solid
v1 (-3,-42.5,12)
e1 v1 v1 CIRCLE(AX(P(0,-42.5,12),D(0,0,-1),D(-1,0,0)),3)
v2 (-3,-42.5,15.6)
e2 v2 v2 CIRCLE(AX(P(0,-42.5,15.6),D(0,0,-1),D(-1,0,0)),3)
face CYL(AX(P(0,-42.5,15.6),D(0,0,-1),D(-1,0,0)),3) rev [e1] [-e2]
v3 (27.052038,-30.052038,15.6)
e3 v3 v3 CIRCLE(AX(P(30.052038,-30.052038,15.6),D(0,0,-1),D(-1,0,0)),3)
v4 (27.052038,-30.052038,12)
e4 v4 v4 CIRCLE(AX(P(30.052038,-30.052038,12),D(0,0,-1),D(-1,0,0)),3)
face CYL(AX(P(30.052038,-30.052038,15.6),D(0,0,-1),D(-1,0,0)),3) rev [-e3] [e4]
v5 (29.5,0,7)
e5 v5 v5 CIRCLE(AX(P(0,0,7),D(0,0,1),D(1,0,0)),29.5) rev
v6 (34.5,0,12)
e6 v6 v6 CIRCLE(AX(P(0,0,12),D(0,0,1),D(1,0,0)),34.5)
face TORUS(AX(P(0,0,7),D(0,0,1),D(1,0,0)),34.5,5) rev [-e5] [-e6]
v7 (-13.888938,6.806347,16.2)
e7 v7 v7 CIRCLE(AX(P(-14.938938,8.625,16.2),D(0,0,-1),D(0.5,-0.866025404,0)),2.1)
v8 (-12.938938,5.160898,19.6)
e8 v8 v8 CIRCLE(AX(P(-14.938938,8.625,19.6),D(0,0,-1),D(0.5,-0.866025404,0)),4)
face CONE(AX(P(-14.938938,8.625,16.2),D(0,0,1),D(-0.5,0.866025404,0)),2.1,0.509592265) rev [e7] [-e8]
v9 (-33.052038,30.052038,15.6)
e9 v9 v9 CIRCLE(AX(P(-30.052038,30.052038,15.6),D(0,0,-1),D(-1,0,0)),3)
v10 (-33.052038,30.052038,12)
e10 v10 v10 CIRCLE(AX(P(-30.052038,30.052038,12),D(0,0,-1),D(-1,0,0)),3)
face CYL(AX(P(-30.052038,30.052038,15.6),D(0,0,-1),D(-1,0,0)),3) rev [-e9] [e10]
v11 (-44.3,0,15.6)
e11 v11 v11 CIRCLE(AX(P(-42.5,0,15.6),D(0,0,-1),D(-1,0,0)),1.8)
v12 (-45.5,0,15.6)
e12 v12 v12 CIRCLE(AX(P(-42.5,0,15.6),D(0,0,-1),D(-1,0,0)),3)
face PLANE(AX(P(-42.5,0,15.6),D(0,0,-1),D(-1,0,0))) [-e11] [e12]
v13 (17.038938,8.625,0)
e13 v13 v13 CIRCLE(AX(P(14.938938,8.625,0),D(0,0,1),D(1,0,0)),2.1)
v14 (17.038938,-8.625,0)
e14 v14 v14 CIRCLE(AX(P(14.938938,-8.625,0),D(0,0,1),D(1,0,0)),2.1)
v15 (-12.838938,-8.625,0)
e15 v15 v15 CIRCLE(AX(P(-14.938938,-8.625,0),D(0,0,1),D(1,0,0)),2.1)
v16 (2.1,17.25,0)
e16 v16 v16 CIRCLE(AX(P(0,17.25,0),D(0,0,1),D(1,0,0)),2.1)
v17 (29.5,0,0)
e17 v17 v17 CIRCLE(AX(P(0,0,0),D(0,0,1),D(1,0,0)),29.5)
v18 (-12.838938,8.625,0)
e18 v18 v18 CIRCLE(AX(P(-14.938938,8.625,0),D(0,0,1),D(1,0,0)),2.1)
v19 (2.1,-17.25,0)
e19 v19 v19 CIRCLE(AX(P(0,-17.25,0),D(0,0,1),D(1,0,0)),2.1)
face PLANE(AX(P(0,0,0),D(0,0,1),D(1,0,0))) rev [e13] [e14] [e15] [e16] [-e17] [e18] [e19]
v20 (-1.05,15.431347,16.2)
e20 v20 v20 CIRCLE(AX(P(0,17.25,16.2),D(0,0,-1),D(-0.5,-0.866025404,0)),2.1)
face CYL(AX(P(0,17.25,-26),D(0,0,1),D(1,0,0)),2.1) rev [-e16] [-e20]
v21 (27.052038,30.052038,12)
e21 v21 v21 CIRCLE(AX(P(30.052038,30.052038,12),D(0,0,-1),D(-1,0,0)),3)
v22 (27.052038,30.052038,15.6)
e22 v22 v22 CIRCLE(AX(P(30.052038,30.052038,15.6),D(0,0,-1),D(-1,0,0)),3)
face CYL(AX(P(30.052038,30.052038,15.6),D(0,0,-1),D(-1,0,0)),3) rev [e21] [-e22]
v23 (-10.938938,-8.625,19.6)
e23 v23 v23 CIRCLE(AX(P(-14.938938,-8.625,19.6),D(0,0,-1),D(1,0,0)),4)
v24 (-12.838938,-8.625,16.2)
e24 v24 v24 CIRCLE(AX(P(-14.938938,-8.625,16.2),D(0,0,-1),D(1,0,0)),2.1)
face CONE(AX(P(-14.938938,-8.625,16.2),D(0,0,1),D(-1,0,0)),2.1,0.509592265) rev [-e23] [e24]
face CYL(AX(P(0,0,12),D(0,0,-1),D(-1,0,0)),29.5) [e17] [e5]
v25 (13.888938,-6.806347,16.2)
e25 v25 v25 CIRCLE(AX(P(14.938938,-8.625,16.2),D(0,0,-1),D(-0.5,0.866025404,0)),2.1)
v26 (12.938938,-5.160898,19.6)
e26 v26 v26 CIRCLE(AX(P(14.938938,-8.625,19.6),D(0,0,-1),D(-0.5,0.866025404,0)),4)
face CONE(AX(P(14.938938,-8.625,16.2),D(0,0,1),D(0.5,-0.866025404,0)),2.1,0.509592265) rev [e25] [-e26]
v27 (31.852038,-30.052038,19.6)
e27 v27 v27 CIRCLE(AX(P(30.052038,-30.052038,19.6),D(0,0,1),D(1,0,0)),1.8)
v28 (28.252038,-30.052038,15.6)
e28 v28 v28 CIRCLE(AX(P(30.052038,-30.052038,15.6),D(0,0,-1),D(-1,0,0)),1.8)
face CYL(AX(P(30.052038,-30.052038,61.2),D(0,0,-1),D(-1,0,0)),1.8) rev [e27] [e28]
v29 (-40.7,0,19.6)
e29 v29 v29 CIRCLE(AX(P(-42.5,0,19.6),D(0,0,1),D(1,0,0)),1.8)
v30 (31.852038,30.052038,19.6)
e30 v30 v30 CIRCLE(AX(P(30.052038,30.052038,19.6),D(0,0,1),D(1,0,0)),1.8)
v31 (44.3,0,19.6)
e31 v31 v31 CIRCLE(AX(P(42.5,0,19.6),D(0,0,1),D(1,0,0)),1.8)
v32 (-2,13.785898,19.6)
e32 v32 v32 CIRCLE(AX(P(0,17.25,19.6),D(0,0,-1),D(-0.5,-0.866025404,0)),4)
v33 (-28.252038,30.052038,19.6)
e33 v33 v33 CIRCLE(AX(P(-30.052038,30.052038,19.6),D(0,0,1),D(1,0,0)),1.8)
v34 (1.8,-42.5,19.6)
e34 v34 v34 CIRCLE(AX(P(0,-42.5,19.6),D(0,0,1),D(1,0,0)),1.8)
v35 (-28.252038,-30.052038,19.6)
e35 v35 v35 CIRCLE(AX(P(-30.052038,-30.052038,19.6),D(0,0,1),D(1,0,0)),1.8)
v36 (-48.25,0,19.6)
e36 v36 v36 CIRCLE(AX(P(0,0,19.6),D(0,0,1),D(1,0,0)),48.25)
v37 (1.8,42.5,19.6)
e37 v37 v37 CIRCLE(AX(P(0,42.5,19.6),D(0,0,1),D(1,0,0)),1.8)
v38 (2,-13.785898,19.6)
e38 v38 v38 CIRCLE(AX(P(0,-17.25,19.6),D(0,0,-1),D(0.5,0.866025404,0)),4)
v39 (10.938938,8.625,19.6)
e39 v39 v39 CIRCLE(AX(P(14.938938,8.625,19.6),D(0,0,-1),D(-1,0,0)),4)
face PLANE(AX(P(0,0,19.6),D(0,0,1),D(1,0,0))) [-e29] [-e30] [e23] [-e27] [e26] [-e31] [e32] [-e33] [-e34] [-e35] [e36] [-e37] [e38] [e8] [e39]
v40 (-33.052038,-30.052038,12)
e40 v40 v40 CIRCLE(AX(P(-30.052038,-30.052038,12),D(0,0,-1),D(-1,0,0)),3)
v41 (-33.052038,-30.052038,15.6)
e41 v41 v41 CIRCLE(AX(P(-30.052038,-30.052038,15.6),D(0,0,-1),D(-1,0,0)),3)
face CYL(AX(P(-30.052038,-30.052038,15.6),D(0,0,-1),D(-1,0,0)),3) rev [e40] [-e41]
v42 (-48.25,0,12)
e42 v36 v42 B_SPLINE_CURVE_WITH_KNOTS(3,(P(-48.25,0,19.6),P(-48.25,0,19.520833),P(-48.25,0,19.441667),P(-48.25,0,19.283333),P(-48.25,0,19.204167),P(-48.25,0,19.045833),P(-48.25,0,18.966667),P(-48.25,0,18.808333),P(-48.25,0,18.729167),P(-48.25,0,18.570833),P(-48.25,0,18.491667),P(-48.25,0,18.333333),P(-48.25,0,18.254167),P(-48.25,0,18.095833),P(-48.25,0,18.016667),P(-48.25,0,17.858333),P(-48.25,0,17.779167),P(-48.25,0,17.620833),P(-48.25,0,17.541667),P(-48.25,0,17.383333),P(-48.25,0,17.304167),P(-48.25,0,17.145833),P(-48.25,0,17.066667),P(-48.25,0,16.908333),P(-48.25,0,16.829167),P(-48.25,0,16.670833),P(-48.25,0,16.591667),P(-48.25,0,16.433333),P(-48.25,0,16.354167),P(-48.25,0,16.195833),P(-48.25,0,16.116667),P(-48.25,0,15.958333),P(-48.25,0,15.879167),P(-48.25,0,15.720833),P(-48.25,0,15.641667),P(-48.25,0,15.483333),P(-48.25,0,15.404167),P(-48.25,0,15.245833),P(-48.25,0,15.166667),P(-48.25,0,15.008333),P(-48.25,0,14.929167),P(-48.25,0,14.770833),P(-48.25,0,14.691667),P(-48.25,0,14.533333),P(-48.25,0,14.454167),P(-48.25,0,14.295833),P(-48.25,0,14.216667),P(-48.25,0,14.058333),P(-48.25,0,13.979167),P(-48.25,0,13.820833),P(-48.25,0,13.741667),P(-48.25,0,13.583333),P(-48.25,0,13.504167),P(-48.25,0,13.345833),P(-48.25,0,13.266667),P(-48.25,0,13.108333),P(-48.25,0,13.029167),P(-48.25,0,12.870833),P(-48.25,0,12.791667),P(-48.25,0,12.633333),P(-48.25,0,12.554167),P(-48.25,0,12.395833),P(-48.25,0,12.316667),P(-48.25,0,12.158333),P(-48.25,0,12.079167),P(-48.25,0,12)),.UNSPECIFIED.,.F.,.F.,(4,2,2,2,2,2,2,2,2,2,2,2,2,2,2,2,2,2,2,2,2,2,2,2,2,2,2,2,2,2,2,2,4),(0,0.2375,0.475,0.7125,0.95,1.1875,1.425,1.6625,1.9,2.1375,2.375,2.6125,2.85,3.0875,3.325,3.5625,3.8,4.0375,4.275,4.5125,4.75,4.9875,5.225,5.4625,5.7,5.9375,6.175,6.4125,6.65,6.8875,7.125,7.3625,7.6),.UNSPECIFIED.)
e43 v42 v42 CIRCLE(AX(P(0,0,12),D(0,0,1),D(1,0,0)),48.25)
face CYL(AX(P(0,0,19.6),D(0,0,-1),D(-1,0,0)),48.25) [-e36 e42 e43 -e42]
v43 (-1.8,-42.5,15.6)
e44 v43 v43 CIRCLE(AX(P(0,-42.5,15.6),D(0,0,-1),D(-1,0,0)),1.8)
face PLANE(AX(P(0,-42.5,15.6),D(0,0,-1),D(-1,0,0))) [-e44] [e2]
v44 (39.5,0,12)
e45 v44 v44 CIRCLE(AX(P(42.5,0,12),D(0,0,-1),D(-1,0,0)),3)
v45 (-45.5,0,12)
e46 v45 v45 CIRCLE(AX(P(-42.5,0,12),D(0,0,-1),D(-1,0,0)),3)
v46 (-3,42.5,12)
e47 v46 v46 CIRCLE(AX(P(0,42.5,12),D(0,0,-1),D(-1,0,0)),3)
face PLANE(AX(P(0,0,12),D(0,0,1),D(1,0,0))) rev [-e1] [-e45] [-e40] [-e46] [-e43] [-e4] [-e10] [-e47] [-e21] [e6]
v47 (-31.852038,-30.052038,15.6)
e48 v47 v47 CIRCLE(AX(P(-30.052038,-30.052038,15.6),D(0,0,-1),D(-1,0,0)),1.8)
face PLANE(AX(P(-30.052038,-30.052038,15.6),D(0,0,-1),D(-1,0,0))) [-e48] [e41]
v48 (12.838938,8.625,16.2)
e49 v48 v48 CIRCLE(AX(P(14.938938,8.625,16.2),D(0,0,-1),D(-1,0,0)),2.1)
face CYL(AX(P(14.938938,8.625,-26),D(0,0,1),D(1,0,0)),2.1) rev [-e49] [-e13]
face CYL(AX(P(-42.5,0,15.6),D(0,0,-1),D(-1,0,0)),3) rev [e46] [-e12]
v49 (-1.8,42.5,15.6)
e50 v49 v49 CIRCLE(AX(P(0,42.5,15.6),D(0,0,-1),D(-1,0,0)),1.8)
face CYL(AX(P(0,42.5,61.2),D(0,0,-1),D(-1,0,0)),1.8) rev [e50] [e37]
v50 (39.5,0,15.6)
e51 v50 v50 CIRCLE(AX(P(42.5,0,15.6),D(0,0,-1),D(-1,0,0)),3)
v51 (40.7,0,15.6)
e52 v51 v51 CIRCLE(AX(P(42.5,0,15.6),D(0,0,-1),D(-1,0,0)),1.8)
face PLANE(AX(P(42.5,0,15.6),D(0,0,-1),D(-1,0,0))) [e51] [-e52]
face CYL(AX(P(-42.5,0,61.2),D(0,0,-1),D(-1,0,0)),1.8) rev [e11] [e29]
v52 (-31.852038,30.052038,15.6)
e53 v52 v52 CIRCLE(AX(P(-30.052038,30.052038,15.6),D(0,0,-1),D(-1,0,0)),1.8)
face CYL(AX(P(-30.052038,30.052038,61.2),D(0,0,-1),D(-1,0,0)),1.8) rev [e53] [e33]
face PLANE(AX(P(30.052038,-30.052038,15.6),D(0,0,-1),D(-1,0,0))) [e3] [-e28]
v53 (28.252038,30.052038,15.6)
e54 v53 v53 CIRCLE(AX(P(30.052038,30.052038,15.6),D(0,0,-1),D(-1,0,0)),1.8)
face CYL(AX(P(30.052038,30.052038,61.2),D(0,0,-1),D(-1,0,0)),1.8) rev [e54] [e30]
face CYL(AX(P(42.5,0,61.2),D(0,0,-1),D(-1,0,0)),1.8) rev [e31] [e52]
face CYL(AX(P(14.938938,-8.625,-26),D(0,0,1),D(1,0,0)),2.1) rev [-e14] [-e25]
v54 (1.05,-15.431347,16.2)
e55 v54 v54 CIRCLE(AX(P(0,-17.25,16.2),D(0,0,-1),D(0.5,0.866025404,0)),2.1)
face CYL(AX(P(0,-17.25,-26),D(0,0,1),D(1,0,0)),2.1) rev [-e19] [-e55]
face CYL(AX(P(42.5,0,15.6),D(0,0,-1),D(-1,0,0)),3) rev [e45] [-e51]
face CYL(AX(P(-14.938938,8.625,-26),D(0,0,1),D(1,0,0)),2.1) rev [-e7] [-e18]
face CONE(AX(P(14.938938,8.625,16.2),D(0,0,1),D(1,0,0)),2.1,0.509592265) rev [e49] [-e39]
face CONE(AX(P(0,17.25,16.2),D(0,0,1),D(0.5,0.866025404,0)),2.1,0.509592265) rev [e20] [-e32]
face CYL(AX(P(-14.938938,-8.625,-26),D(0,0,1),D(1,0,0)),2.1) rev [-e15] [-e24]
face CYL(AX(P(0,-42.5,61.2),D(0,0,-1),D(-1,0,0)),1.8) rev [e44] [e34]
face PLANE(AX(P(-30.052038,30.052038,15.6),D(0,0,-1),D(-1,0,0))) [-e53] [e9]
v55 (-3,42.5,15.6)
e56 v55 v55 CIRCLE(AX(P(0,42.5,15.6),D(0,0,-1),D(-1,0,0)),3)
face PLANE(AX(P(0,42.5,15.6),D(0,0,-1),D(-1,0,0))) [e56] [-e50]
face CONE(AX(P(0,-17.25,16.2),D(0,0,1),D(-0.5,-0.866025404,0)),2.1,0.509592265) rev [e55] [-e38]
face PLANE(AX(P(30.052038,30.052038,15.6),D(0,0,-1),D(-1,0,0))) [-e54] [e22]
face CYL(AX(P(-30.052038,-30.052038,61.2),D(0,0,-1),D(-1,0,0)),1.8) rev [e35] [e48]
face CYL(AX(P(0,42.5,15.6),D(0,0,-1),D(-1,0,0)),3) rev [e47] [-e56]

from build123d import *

# Parameters (mm, degrees)
SKETCH_1_R               = 29.5
EXTRUDE_1_DEPTH          = 12
SKETCH_2_R               = 48.25
EXTRUDE_2_DEPTH          = 7.6
FILLET_1_R               = 5
SKETCH_4_R               = 3
CUT_EXTRUDE_1_DEPTH      = 3.6
SKETCH_5_R               = 2.1
CUT_EXTRUDE_2_DEPTH      = 45.6
PATTERN_CIRCULAR_1_COUNT = 6
SKETCH_7_R               = 1.8
CUT_EXTRUDE_3_DEPTH      = 45.6


with BuildPart() as part:
    # 草图1 → 凸台-拉伸1 (new body)
    with BuildSketch(Plane.XY):
        Circle(SKETCH_1_R)
    extrude(amount=EXTRUDE_1_DEPTH)

    # 草图2 → 凸台-拉伸2 (add)
    with BuildSketch(Plane.XY.offset(12)):
        Circle(SKETCH_2_R)
    extrude(amount=EXTRUDE_2_DEPTH)

    # 圆角1
    fillet_1_edges = [part.edges().sort_by_distance(p)[0] for p in [
        (-29.5, 0, 12),
    ]]
    fillet(fillet_1_edges, radius=FILLET_1_R)

    # 草图4 → 切除-拉伸1 (cut)
    with BuildSketch(Plane(origin=(0, 0, 12), x_dir=(-1, 0, 0), z_dir=(0, 0, -1))):
        with Locations((0, 42.5)):
            Circle(SKETCH_4_R)
        with Locations((30.0520382, 30.0520382)):
            Circle(SKETCH_4_R)
        with Locations((42.5, 0)):
            Circle(SKETCH_4_R)
        with Locations((30.0520382, -30.0520382)):
            Circle(SKETCH_4_R)
        with Locations((0, -42.5)):
            Circle(SKETCH_4_R)
        with Locations((-30.0520382, -30.0520382)):
            Circle(SKETCH_4_R)
        with Locations((-42.5, 0)):
            Circle(SKETCH_4_R)
        with Locations((-30.0520382, 30.0520382)):
            Circle(SKETCH_4_R)
    extrude(amount=-CUT_EXTRUDE_1_DEPTH, mode=Mode.SUBTRACT)

    # 草图5 → 切除-拉伸2 (cut)
    with BuildSketch(Plane.XY.offset(19.6)):
        with Locations((14.938938215, 8.625)):
            Circle(SKETCH_5_R)
        with Locations((14.938938215, -8.625)):
            Circle(SKETCH_5_R)
        with Locations((0, 17.25)):
            Circle(SKETCH_5_R)
        with Locations((0, -17.25)):
            Circle(SKETCH_5_R)
        with Locations((-14.938938215, 8.625)):
            Circle(SKETCH_5_R)
        with Locations((-14.938938215, -8.625)):
            Circle(SKETCH_5_R)
    extrude(amount=-CUT_EXTRUDE_2_DEPTH, mode=Mode.SUBTRACT)

    # 草图6 → 切除-旋转1 (revolve, cut)
    with BuildSketch(Plane(origin=(7.469469108, 12.9375, 0), x_dir=(0.8660254037844382, -0.500000000000001, 0), z_dir=(0.5000000000000009, 0.866025403784438, 0))):
        Polygon((8.625, -16.2), (8.625, -19.6), (10.725, -19.6), (12.625, -19.6), (10.725, -16.2), align=None)
    cut_revolve_1 = revolve(axis=Axis((14.938938215, 8.625, 0), (0, 0, 1)), mode=Mode.SUBTRACT)

    # 阵列(圆周)1: 切除-旋转1 ×6 about axis
    pattern_circular_1_axis = Axis((0, 0, 19.6), (0, 0, 1))
    for i in range(1, PATTERN_CIRCULAR_1_COUNT):
        add(cut_revolve_1.rotate(pattern_circular_1_axis, i * 360 / PATTERN_CIRCULAR_1_COUNT), mode=Mode.SUBTRACT)

    # 草图7 → 切除-拉伸3 (cut)
    with BuildSketch(Plane(origin=(0, 0, 15.6), x_dir=(-1, 0, 0), z_dir=(0, 0, -1))):
        with Locations((0, 42.5)):
            Circle(SKETCH_7_R)
        with Locations((30.0520382, 30.0520382)):
            Circle(SKETCH_7_R)
        with Locations((42.5, 0)):
            Circle(SKETCH_7_R)
        with Locations((30.0520382, -30.0520382)):
            Circle(SKETCH_7_R)
        with Locations((0, -42.5)):
            Circle(SKETCH_7_R)
        with Locations((-30.0520382, -30.0520382)):
            Circle(SKETCH_7_R)
        with Locations((-42.5, 0)):
            Circle(SKETCH_7_R)
        with Locations((-30.0520382, 30.0520382)):
            Circle(SKETCH_7_R)
    extrude(amount=-CUT_EXTRUDE_3_DEPTH, mode=Mode.SUBTRACT)


solid = part.part
